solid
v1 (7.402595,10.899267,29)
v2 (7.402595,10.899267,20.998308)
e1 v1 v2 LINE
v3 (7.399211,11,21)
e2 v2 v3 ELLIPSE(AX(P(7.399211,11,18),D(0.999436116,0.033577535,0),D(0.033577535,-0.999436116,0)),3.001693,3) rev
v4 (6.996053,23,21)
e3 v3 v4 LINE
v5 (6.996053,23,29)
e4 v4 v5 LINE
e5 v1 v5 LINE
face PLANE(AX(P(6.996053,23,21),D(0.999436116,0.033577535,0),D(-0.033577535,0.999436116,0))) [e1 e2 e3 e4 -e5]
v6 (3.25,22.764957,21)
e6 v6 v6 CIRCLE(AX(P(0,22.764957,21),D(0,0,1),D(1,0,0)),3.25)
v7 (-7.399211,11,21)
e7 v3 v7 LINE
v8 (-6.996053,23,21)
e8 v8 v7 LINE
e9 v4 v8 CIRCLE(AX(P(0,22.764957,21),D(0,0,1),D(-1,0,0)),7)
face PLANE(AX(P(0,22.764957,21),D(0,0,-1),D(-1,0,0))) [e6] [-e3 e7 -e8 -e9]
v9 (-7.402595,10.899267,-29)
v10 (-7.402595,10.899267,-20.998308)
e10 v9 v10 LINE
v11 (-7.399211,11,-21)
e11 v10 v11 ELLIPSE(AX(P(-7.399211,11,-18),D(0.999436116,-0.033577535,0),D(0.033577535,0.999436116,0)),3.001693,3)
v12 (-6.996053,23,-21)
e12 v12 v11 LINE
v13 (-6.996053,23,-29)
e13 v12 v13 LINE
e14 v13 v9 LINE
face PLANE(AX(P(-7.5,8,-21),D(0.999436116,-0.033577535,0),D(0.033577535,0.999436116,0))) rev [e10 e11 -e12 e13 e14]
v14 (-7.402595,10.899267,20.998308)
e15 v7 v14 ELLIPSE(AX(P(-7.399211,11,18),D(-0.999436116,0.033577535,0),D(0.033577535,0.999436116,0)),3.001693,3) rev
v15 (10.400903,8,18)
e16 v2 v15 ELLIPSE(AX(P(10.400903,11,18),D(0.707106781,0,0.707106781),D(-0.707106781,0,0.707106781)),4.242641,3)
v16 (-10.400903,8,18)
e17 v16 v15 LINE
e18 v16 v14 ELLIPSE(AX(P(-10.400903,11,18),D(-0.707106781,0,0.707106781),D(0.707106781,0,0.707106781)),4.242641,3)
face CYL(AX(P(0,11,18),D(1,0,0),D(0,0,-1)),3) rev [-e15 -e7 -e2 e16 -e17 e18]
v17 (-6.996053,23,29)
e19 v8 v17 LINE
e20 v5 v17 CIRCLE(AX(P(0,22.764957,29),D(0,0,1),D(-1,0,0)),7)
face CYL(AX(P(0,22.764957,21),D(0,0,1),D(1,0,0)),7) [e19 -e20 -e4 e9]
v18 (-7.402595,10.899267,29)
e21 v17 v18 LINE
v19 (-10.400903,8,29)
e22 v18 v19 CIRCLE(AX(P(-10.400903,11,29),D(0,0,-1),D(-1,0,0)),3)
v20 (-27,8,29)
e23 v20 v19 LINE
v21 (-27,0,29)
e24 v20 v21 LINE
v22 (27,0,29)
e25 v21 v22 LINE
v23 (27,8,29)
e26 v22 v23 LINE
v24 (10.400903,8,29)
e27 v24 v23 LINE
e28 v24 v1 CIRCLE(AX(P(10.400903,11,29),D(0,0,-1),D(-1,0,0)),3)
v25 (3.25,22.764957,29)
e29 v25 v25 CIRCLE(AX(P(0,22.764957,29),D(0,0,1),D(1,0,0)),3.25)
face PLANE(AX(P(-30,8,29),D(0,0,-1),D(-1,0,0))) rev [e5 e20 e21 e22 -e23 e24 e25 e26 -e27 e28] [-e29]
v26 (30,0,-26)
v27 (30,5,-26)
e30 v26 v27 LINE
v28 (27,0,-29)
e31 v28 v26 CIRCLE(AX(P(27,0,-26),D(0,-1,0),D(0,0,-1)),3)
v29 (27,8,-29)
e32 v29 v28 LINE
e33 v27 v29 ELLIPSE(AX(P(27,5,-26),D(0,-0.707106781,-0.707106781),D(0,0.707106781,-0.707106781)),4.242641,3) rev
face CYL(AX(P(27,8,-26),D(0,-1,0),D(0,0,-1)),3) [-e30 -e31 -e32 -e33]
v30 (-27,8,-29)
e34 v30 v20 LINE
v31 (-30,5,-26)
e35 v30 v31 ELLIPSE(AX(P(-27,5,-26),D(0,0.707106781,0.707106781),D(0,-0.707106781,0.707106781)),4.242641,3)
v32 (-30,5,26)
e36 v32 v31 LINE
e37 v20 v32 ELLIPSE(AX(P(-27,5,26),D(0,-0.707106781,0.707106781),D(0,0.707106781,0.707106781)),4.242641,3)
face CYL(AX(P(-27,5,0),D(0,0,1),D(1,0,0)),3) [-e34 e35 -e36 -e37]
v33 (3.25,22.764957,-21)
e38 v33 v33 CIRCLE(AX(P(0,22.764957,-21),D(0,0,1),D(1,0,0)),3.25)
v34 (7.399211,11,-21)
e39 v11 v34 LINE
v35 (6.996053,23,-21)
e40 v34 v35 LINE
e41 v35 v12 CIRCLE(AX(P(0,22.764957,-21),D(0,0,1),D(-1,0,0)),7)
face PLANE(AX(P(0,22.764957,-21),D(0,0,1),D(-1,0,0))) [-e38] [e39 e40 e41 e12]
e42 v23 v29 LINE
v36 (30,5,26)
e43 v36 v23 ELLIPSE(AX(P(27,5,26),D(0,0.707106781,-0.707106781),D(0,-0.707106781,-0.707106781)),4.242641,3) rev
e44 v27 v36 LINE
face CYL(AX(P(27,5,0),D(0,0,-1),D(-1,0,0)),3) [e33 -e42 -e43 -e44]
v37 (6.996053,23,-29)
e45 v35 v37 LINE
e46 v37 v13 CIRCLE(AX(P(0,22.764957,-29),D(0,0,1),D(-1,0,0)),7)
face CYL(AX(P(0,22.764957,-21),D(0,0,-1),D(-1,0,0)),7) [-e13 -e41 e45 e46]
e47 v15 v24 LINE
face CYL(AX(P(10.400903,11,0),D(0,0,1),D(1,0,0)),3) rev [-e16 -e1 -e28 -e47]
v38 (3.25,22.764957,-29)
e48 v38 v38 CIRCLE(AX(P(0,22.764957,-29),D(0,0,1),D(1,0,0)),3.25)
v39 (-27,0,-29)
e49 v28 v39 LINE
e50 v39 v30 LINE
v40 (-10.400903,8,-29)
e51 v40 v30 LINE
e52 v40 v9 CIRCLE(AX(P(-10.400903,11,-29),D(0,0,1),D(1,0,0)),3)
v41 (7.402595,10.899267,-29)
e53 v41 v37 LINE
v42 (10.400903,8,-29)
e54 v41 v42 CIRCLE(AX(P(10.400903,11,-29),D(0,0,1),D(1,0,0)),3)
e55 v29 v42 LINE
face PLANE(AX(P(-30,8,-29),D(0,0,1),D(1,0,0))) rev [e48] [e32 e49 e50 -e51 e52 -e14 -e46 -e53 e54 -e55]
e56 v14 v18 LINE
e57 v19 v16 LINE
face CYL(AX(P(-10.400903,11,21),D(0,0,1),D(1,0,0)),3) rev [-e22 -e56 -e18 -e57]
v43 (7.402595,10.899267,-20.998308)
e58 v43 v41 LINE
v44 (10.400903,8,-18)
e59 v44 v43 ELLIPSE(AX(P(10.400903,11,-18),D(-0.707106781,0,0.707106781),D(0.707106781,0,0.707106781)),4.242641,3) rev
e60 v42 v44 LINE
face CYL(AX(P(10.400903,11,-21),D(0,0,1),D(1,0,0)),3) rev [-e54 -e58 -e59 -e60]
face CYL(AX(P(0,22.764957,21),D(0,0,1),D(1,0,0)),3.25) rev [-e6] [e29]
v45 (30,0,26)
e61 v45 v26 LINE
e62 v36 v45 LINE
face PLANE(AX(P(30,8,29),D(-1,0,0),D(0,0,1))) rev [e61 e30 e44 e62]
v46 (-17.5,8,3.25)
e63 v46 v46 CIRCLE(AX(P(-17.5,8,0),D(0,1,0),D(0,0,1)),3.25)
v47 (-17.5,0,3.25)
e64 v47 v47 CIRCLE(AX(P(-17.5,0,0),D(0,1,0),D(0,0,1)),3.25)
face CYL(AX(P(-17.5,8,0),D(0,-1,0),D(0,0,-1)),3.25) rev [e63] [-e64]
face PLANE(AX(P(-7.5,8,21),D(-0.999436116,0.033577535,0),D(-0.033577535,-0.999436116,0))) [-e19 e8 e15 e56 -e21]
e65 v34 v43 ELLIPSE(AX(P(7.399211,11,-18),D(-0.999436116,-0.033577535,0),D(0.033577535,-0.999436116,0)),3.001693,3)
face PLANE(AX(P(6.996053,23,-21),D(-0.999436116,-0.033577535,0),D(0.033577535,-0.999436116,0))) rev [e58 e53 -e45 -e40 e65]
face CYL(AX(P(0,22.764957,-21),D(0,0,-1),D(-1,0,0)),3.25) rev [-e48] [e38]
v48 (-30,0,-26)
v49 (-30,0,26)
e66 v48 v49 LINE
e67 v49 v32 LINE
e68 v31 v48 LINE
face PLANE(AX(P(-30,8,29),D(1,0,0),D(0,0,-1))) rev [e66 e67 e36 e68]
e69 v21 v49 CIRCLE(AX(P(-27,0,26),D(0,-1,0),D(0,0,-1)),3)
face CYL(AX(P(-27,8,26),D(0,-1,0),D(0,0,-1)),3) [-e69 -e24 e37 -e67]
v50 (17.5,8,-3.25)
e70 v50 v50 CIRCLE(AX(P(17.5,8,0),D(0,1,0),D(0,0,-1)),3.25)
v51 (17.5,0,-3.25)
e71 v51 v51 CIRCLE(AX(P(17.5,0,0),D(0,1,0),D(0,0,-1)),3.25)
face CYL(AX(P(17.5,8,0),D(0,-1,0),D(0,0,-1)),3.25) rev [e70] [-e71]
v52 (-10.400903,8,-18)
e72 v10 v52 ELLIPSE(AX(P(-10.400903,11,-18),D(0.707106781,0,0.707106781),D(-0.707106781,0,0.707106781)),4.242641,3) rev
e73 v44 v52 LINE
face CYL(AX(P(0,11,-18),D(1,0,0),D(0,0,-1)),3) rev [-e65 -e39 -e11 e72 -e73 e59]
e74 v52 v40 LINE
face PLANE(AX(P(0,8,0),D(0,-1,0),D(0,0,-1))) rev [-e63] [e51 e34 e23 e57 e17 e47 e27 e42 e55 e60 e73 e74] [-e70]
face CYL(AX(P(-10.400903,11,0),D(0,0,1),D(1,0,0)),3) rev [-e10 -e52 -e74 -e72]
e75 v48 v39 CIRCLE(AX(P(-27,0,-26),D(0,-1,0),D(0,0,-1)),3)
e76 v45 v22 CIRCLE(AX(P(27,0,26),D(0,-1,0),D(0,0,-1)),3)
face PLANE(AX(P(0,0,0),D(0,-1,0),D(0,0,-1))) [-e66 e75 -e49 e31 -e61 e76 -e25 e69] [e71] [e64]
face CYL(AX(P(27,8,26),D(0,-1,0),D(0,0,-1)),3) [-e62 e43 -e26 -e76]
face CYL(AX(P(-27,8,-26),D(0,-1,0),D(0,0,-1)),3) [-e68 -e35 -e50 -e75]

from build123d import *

# Parameters (mm, degrees)
SKETCH2_W           = 60
SKETCH2_H           = 58
SKETCH2_R           = 3.25
BOSS_EXTRUDE1_DEPTH = 8
SKETCH3_R           = 3.25
BOSS_EXTRUDE2_DEPTH = 8
FILLET1_R           = 3


with BuildPart() as part:
    # Sketch2 → Boss-Extrude1 (new body)
    with BuildSketch(Plane(origin=(0, 0, 0), x_dir=(1, 0, 0), z_dir=(0, 1, 0))):
        Rectangle(SKETCH2_W, SKETCH2_H)
        with Locations((-17.5, 0)):
            Circle(SKETCH2_R, mode=Mode.SUBTRACT)
        with Locations((17.5, 0)):
            Circle(SKETCH2_R, mode=Mode.SUBTRACT)
    extrude(amount=BOSS_EXTRUDE1_DEPTH)

    # Sketch3 → Boss-Extrude2 (add)
    with BuildSketch(Plane.XY.offset(29)):
        with BuildLine():
            Line((-7.5, 8), (-6.996052809, 23))
            ThreePointArc((-6.996052809, 23), (0, 29.764957256), (6.996052809, 23))
            Line((6.996052809, 23), (7.5, 8))
            Line((7.5, 8), (-7.5, 8))
        make_face()
        with Locations((0, 22.764957256)):
            Circle(SKETCH3_R, mode=Mode.SUBTRACT)
    boss_extrude2 = extrude(amount=-BOSS_EXTRUDE2_DEPTH)

    # Mirror1: Boss-Extrude2 across plane
    add(boss_extrude2.mirror(Plane.XY))

    # Fillet1
    fillet1_edges = [part.edges().sort_by_distance(p)[0] for p in [
        (-30, 8, 0),
        (0, 8, 21),
        (7.5, 8, 25),
        (-7.5, 8, 25),
        (0, 8, -21),
        (-7.5, 8, -25),
        (7.5, 8, -25),
        (30, 8, 0),
        (30, 4, 29),
        (-30, 4, 29),
        (-30, 4, -29),
        (30, 4, -29),
    ]]
    fillet(fillet1_edges, radius=FILLET1_R)


solid = part.part
